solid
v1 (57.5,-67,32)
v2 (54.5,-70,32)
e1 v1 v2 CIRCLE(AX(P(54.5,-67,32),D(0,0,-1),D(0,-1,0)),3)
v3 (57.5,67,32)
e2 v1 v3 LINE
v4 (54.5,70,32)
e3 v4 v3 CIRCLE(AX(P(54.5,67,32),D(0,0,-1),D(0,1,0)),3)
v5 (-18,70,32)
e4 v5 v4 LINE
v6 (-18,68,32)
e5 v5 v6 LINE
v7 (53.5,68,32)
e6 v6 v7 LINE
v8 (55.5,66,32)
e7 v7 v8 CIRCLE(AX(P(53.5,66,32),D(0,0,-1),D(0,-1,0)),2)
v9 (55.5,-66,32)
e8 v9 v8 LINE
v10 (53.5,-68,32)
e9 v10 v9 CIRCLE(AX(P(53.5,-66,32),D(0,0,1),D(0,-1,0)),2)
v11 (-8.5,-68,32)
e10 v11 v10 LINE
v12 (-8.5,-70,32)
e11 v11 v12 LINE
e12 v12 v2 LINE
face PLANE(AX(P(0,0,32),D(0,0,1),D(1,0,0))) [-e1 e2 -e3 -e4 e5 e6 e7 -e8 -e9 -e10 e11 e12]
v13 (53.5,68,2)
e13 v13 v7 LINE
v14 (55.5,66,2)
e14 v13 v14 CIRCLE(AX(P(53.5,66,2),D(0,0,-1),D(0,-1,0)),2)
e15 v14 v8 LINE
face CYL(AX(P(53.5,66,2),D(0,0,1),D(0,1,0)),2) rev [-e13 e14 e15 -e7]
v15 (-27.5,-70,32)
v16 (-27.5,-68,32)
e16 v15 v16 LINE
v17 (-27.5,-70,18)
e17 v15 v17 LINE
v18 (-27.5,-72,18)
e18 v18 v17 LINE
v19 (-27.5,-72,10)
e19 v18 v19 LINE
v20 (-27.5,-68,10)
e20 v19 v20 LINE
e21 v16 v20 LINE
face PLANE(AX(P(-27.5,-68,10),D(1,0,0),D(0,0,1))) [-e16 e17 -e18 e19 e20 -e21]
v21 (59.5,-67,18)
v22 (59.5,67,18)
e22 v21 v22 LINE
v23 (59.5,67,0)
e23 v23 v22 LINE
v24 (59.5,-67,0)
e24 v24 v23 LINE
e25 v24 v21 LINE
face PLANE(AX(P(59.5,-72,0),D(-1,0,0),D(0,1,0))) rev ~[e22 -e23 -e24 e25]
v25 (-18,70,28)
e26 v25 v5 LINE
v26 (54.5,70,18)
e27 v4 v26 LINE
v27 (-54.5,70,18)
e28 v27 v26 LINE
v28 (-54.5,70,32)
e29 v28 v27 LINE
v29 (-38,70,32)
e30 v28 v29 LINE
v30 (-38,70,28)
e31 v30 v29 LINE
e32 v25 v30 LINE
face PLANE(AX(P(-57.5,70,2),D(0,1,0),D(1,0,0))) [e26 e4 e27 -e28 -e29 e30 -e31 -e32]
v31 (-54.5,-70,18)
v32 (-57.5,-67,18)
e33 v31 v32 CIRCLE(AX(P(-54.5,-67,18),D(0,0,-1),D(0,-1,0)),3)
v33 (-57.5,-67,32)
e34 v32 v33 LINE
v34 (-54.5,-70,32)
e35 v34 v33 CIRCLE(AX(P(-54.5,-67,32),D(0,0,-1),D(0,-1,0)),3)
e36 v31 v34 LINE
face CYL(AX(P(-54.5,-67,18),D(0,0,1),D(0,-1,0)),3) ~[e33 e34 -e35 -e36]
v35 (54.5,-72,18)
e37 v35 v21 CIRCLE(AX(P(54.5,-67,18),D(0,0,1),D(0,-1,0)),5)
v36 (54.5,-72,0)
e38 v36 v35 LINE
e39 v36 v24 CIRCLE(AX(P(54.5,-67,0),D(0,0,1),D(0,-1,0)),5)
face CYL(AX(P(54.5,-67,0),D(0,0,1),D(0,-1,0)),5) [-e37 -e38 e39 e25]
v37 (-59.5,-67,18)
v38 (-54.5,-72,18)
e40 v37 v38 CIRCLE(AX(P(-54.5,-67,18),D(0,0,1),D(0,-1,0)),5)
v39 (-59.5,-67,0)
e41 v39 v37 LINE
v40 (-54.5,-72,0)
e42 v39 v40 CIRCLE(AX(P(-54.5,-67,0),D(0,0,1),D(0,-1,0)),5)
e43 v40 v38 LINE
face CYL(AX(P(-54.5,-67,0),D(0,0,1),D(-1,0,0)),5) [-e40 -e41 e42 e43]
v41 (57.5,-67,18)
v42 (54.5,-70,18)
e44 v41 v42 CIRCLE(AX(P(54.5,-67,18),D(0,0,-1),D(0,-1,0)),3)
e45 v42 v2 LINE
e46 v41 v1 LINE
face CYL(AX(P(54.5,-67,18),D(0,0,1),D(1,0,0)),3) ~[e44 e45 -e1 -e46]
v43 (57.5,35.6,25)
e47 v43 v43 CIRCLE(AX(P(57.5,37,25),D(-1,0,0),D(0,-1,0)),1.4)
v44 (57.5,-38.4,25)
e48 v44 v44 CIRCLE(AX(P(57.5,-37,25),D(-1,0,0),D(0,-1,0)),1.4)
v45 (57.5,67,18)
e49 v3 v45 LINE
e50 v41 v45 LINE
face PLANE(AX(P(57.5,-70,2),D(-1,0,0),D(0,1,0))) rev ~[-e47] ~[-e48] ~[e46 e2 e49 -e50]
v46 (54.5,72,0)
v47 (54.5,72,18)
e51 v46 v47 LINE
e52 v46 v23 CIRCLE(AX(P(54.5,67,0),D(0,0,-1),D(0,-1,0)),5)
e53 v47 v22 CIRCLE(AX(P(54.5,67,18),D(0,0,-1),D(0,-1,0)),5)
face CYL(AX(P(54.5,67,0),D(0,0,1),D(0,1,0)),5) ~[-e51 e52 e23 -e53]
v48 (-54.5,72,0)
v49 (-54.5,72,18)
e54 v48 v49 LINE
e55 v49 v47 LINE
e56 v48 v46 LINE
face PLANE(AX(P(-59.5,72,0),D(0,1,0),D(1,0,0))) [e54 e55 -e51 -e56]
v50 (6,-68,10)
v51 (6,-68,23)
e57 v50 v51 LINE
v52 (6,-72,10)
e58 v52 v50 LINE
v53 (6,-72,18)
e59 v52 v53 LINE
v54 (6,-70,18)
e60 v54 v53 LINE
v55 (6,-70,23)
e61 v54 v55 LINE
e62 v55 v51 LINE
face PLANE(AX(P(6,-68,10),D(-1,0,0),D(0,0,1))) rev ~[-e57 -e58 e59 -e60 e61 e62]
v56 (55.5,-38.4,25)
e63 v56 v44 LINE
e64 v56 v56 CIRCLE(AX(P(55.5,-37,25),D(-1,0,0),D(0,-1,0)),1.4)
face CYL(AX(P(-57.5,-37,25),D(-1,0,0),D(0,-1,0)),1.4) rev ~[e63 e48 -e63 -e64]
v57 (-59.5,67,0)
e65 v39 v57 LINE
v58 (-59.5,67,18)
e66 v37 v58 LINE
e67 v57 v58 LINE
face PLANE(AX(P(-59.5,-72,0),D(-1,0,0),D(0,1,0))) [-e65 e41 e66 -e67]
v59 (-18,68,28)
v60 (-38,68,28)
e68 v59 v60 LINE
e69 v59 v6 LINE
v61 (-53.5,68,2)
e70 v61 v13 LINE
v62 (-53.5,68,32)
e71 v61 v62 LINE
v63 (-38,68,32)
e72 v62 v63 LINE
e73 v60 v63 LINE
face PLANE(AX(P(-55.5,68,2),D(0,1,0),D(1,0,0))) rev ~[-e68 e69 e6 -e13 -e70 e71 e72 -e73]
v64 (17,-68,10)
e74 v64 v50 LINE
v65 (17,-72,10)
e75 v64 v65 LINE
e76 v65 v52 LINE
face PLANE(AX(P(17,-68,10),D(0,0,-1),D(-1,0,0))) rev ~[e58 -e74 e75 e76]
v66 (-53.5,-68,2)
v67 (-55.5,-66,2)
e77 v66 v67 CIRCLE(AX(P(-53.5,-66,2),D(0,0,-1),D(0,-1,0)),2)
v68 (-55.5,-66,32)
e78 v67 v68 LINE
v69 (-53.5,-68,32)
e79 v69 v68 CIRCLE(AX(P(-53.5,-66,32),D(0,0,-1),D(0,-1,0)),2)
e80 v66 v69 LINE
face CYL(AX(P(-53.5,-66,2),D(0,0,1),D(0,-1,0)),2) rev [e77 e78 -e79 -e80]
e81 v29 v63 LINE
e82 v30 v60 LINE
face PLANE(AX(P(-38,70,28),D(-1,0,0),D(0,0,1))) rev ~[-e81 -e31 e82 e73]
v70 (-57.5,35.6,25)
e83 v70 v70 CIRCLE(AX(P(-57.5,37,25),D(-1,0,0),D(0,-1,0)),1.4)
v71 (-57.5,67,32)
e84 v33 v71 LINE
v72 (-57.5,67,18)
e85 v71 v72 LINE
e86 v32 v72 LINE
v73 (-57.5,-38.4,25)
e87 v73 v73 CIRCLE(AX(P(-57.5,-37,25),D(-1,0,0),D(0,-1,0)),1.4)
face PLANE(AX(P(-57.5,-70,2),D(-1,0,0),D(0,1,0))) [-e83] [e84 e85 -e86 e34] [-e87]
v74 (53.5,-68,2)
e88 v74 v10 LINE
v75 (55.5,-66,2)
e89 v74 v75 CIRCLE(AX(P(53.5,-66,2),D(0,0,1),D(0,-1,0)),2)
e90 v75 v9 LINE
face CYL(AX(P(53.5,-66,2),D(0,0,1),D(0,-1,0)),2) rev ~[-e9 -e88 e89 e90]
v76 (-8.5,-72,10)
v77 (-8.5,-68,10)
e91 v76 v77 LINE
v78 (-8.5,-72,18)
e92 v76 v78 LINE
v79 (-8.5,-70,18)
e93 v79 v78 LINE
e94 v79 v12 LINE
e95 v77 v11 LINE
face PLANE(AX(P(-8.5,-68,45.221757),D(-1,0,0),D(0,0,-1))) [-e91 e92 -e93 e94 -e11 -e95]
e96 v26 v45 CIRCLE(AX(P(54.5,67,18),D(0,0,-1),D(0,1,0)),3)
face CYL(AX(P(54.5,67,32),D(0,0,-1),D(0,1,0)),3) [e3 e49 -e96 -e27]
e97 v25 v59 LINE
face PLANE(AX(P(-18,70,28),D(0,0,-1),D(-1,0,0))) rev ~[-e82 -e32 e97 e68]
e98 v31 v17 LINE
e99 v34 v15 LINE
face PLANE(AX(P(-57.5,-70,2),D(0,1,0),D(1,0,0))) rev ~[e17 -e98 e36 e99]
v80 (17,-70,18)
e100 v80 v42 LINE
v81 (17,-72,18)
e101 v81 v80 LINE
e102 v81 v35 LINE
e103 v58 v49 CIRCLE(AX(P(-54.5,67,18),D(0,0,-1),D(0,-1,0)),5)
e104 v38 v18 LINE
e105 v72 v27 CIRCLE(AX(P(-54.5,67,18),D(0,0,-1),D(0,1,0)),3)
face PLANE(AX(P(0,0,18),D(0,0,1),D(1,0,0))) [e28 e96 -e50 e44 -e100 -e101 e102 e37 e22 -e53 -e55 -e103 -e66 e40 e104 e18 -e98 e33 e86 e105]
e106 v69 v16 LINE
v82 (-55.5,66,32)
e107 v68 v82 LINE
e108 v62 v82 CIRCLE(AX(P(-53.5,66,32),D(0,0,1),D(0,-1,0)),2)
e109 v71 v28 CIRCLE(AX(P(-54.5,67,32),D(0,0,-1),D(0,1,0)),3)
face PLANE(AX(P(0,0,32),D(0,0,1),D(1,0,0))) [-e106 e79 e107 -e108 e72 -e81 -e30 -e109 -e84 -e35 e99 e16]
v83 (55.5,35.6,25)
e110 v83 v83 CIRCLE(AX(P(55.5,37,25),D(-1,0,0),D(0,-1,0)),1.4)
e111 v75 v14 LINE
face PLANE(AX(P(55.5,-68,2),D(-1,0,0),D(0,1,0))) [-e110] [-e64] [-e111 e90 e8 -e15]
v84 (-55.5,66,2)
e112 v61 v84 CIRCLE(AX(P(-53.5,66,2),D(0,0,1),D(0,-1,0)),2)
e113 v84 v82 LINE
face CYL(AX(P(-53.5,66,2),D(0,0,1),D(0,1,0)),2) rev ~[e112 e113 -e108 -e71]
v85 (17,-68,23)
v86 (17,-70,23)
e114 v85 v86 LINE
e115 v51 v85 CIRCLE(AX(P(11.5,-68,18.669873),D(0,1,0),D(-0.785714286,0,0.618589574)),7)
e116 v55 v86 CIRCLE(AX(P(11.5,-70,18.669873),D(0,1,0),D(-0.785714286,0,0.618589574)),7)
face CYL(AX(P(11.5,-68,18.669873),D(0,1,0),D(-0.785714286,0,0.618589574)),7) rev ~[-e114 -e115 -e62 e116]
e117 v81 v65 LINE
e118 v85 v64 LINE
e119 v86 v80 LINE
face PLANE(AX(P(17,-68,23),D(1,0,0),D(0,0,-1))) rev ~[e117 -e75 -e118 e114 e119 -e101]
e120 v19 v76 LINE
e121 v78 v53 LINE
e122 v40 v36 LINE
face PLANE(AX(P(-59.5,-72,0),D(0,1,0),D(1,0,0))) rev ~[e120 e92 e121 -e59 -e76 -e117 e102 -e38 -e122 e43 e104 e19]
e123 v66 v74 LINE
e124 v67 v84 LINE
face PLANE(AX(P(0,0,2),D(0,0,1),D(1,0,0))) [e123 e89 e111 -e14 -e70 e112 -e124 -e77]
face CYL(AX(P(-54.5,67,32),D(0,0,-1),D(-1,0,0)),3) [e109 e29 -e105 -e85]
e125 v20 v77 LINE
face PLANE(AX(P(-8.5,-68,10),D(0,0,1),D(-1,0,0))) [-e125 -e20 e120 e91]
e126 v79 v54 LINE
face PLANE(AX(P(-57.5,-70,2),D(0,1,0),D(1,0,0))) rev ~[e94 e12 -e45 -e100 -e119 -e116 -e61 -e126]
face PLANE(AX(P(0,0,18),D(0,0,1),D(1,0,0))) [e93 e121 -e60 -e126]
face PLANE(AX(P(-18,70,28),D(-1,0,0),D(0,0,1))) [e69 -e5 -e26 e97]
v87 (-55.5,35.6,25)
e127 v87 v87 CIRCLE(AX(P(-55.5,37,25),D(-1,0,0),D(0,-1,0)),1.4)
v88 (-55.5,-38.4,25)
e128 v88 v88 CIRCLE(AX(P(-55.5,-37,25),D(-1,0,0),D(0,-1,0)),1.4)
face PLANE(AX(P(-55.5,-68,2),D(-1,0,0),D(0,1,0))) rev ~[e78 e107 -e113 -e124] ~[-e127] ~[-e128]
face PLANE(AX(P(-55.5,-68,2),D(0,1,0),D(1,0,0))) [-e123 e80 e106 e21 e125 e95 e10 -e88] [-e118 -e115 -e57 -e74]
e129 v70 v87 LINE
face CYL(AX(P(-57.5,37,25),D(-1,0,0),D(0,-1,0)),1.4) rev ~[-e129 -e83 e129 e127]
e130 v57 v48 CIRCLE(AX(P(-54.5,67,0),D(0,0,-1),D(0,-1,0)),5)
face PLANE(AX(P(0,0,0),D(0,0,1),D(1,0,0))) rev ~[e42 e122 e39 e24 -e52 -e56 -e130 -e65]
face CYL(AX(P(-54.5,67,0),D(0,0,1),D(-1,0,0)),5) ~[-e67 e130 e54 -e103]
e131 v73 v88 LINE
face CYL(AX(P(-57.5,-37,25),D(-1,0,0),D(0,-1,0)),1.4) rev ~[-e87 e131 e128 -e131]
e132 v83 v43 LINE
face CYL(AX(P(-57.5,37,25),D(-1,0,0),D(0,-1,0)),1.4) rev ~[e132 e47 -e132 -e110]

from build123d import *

# Parameters (mm, degrees)
F0_W      = 115
F0_H      = 140
F1_DEPTH  = 2
F2_W      = 115
F2_H      = 140
F2_W_2    = 111
F2_H_2    = 136
F3_DEPTH  = 30
F4_W      = 119
F4_H      = 144
F4_W_2    = 115
F4_H_2    = 140
F5_DEPTH  = 18
F6_W      = 19
F6_H      = 3.2217571437
F6_H_2    = 32
F7_DEPTH  = 5
F8_W      = 20
F8_H      = 11
F9_DEPTH  = 2
F10_R     = 5
F11_R     = 3
F12_R     = 2
F13_R     = 1.4
F14_DEPTH = 117.001


with BuildPart() as f1:
    # F0 (on Top) → F1 (new body)
    with BuildSketch(Plane.XY):
        Rectangle(F0_W, F0_H)
    extrude(amount=F1_DEPTH)

    # F2 (on face) → F3 (join)
    with BuildSketch(Plane.XY.offset(2)):
        Rectangle(F2_W, F2_H)
        Rectangle(F2_W_2, F2_H_2, mode=Mode.SUBTRACT)
    extrude(amount=F3_DEPTH)

    # F4 (on Top) → F5 (join)
    with BuildSketch(Plane.XY):
        Rectangle(F4_W, F4_H)
        Rectangle(F4_W_2, F4_H_2, mode=Mode.SUBTRACT)
    extrude(amount=F5_DEPTH)

    # F6 (on face) → F7 (cut, symmetric)
    with BuildSketch(Plane(origin=(0, -68, 0), x_dir=(-1, 0, 0), z_dir=(0, 1, 0))):
        with Locations((18, 43.6108785719)):
            Rectangle(F6_W, F6_H)
        with Locations((18, 26)):
            Rectangle(F6_W, F6_H_2)
        with BuildLine():
            Line((-17, 10), (-6, 10))
            Line((-6, 10), (-6, 23))
            ThreePointArc((-6, 23), (-11.5, 25.6698729811), (-17, 23))
            Line((-17, 23), (-17, 10))
        make_face()
    extrude(amount=F7_DEPTH, both=True, mode=Mode.SUBTRACT)

    # F8 (on face) → F9 (cut)
    with BuildSketch(Plane(origin=(0, 70, 0), x_dir=(-1, 0, 0), z_dir=(0, 1, 0))):
        with Locations((28, 33.5)):
            Rectangle(F8_W, F8_H)
    extrude(amount=-F9_DEPTH, mode=Mode.SUBTRACT)

    # F10
    f10_edges = [f1.edges().sort_by_distance(p)[0] for p in [
        (-59.5, -72, 9),
        (59.5, -72, 9),
        (-59.5, 72, 9),
        (59.5, 72, 9),
    ]]
    fillet(f10_edges, radius=F10_R)

    # F11
    f11_edges = [f1.edges().sort_by_distance(p)[0] for p in [
        (-57.5, -70, 25),
        (57.5, -70, 25),
        (57.5, 70, 25),
        (-57.5, 70, 25),
    ]]
    fillet(f11_edges, radius=F11_R)

    # F12
    f12_edges = [f1.edges().sort_by_distance(p)[0] for p in [
        (-55.5, -68, 17),
        (55.5, -68, 17),
        (55.5, 68, 17),
        (-55.5, 68, 17),
    ]]
    fillet(f12_edges, radius=F12_R)

    # F13 (on face) → F14 (cut, through all)
    with BuildSketch(Plane(origin=(-57.5, 0, 0), x_dir=(0, -1, 0), z_dir=(-1, 0, 0))):
        with Locations((-37, 25)):
            Circle(F13_R)
        with Locations((37, 25)):
            Circle(F13_R)
    extrude(amount=-F14_DEPTH, mode=Mode.SUBTRACT)


solid = f1.part
